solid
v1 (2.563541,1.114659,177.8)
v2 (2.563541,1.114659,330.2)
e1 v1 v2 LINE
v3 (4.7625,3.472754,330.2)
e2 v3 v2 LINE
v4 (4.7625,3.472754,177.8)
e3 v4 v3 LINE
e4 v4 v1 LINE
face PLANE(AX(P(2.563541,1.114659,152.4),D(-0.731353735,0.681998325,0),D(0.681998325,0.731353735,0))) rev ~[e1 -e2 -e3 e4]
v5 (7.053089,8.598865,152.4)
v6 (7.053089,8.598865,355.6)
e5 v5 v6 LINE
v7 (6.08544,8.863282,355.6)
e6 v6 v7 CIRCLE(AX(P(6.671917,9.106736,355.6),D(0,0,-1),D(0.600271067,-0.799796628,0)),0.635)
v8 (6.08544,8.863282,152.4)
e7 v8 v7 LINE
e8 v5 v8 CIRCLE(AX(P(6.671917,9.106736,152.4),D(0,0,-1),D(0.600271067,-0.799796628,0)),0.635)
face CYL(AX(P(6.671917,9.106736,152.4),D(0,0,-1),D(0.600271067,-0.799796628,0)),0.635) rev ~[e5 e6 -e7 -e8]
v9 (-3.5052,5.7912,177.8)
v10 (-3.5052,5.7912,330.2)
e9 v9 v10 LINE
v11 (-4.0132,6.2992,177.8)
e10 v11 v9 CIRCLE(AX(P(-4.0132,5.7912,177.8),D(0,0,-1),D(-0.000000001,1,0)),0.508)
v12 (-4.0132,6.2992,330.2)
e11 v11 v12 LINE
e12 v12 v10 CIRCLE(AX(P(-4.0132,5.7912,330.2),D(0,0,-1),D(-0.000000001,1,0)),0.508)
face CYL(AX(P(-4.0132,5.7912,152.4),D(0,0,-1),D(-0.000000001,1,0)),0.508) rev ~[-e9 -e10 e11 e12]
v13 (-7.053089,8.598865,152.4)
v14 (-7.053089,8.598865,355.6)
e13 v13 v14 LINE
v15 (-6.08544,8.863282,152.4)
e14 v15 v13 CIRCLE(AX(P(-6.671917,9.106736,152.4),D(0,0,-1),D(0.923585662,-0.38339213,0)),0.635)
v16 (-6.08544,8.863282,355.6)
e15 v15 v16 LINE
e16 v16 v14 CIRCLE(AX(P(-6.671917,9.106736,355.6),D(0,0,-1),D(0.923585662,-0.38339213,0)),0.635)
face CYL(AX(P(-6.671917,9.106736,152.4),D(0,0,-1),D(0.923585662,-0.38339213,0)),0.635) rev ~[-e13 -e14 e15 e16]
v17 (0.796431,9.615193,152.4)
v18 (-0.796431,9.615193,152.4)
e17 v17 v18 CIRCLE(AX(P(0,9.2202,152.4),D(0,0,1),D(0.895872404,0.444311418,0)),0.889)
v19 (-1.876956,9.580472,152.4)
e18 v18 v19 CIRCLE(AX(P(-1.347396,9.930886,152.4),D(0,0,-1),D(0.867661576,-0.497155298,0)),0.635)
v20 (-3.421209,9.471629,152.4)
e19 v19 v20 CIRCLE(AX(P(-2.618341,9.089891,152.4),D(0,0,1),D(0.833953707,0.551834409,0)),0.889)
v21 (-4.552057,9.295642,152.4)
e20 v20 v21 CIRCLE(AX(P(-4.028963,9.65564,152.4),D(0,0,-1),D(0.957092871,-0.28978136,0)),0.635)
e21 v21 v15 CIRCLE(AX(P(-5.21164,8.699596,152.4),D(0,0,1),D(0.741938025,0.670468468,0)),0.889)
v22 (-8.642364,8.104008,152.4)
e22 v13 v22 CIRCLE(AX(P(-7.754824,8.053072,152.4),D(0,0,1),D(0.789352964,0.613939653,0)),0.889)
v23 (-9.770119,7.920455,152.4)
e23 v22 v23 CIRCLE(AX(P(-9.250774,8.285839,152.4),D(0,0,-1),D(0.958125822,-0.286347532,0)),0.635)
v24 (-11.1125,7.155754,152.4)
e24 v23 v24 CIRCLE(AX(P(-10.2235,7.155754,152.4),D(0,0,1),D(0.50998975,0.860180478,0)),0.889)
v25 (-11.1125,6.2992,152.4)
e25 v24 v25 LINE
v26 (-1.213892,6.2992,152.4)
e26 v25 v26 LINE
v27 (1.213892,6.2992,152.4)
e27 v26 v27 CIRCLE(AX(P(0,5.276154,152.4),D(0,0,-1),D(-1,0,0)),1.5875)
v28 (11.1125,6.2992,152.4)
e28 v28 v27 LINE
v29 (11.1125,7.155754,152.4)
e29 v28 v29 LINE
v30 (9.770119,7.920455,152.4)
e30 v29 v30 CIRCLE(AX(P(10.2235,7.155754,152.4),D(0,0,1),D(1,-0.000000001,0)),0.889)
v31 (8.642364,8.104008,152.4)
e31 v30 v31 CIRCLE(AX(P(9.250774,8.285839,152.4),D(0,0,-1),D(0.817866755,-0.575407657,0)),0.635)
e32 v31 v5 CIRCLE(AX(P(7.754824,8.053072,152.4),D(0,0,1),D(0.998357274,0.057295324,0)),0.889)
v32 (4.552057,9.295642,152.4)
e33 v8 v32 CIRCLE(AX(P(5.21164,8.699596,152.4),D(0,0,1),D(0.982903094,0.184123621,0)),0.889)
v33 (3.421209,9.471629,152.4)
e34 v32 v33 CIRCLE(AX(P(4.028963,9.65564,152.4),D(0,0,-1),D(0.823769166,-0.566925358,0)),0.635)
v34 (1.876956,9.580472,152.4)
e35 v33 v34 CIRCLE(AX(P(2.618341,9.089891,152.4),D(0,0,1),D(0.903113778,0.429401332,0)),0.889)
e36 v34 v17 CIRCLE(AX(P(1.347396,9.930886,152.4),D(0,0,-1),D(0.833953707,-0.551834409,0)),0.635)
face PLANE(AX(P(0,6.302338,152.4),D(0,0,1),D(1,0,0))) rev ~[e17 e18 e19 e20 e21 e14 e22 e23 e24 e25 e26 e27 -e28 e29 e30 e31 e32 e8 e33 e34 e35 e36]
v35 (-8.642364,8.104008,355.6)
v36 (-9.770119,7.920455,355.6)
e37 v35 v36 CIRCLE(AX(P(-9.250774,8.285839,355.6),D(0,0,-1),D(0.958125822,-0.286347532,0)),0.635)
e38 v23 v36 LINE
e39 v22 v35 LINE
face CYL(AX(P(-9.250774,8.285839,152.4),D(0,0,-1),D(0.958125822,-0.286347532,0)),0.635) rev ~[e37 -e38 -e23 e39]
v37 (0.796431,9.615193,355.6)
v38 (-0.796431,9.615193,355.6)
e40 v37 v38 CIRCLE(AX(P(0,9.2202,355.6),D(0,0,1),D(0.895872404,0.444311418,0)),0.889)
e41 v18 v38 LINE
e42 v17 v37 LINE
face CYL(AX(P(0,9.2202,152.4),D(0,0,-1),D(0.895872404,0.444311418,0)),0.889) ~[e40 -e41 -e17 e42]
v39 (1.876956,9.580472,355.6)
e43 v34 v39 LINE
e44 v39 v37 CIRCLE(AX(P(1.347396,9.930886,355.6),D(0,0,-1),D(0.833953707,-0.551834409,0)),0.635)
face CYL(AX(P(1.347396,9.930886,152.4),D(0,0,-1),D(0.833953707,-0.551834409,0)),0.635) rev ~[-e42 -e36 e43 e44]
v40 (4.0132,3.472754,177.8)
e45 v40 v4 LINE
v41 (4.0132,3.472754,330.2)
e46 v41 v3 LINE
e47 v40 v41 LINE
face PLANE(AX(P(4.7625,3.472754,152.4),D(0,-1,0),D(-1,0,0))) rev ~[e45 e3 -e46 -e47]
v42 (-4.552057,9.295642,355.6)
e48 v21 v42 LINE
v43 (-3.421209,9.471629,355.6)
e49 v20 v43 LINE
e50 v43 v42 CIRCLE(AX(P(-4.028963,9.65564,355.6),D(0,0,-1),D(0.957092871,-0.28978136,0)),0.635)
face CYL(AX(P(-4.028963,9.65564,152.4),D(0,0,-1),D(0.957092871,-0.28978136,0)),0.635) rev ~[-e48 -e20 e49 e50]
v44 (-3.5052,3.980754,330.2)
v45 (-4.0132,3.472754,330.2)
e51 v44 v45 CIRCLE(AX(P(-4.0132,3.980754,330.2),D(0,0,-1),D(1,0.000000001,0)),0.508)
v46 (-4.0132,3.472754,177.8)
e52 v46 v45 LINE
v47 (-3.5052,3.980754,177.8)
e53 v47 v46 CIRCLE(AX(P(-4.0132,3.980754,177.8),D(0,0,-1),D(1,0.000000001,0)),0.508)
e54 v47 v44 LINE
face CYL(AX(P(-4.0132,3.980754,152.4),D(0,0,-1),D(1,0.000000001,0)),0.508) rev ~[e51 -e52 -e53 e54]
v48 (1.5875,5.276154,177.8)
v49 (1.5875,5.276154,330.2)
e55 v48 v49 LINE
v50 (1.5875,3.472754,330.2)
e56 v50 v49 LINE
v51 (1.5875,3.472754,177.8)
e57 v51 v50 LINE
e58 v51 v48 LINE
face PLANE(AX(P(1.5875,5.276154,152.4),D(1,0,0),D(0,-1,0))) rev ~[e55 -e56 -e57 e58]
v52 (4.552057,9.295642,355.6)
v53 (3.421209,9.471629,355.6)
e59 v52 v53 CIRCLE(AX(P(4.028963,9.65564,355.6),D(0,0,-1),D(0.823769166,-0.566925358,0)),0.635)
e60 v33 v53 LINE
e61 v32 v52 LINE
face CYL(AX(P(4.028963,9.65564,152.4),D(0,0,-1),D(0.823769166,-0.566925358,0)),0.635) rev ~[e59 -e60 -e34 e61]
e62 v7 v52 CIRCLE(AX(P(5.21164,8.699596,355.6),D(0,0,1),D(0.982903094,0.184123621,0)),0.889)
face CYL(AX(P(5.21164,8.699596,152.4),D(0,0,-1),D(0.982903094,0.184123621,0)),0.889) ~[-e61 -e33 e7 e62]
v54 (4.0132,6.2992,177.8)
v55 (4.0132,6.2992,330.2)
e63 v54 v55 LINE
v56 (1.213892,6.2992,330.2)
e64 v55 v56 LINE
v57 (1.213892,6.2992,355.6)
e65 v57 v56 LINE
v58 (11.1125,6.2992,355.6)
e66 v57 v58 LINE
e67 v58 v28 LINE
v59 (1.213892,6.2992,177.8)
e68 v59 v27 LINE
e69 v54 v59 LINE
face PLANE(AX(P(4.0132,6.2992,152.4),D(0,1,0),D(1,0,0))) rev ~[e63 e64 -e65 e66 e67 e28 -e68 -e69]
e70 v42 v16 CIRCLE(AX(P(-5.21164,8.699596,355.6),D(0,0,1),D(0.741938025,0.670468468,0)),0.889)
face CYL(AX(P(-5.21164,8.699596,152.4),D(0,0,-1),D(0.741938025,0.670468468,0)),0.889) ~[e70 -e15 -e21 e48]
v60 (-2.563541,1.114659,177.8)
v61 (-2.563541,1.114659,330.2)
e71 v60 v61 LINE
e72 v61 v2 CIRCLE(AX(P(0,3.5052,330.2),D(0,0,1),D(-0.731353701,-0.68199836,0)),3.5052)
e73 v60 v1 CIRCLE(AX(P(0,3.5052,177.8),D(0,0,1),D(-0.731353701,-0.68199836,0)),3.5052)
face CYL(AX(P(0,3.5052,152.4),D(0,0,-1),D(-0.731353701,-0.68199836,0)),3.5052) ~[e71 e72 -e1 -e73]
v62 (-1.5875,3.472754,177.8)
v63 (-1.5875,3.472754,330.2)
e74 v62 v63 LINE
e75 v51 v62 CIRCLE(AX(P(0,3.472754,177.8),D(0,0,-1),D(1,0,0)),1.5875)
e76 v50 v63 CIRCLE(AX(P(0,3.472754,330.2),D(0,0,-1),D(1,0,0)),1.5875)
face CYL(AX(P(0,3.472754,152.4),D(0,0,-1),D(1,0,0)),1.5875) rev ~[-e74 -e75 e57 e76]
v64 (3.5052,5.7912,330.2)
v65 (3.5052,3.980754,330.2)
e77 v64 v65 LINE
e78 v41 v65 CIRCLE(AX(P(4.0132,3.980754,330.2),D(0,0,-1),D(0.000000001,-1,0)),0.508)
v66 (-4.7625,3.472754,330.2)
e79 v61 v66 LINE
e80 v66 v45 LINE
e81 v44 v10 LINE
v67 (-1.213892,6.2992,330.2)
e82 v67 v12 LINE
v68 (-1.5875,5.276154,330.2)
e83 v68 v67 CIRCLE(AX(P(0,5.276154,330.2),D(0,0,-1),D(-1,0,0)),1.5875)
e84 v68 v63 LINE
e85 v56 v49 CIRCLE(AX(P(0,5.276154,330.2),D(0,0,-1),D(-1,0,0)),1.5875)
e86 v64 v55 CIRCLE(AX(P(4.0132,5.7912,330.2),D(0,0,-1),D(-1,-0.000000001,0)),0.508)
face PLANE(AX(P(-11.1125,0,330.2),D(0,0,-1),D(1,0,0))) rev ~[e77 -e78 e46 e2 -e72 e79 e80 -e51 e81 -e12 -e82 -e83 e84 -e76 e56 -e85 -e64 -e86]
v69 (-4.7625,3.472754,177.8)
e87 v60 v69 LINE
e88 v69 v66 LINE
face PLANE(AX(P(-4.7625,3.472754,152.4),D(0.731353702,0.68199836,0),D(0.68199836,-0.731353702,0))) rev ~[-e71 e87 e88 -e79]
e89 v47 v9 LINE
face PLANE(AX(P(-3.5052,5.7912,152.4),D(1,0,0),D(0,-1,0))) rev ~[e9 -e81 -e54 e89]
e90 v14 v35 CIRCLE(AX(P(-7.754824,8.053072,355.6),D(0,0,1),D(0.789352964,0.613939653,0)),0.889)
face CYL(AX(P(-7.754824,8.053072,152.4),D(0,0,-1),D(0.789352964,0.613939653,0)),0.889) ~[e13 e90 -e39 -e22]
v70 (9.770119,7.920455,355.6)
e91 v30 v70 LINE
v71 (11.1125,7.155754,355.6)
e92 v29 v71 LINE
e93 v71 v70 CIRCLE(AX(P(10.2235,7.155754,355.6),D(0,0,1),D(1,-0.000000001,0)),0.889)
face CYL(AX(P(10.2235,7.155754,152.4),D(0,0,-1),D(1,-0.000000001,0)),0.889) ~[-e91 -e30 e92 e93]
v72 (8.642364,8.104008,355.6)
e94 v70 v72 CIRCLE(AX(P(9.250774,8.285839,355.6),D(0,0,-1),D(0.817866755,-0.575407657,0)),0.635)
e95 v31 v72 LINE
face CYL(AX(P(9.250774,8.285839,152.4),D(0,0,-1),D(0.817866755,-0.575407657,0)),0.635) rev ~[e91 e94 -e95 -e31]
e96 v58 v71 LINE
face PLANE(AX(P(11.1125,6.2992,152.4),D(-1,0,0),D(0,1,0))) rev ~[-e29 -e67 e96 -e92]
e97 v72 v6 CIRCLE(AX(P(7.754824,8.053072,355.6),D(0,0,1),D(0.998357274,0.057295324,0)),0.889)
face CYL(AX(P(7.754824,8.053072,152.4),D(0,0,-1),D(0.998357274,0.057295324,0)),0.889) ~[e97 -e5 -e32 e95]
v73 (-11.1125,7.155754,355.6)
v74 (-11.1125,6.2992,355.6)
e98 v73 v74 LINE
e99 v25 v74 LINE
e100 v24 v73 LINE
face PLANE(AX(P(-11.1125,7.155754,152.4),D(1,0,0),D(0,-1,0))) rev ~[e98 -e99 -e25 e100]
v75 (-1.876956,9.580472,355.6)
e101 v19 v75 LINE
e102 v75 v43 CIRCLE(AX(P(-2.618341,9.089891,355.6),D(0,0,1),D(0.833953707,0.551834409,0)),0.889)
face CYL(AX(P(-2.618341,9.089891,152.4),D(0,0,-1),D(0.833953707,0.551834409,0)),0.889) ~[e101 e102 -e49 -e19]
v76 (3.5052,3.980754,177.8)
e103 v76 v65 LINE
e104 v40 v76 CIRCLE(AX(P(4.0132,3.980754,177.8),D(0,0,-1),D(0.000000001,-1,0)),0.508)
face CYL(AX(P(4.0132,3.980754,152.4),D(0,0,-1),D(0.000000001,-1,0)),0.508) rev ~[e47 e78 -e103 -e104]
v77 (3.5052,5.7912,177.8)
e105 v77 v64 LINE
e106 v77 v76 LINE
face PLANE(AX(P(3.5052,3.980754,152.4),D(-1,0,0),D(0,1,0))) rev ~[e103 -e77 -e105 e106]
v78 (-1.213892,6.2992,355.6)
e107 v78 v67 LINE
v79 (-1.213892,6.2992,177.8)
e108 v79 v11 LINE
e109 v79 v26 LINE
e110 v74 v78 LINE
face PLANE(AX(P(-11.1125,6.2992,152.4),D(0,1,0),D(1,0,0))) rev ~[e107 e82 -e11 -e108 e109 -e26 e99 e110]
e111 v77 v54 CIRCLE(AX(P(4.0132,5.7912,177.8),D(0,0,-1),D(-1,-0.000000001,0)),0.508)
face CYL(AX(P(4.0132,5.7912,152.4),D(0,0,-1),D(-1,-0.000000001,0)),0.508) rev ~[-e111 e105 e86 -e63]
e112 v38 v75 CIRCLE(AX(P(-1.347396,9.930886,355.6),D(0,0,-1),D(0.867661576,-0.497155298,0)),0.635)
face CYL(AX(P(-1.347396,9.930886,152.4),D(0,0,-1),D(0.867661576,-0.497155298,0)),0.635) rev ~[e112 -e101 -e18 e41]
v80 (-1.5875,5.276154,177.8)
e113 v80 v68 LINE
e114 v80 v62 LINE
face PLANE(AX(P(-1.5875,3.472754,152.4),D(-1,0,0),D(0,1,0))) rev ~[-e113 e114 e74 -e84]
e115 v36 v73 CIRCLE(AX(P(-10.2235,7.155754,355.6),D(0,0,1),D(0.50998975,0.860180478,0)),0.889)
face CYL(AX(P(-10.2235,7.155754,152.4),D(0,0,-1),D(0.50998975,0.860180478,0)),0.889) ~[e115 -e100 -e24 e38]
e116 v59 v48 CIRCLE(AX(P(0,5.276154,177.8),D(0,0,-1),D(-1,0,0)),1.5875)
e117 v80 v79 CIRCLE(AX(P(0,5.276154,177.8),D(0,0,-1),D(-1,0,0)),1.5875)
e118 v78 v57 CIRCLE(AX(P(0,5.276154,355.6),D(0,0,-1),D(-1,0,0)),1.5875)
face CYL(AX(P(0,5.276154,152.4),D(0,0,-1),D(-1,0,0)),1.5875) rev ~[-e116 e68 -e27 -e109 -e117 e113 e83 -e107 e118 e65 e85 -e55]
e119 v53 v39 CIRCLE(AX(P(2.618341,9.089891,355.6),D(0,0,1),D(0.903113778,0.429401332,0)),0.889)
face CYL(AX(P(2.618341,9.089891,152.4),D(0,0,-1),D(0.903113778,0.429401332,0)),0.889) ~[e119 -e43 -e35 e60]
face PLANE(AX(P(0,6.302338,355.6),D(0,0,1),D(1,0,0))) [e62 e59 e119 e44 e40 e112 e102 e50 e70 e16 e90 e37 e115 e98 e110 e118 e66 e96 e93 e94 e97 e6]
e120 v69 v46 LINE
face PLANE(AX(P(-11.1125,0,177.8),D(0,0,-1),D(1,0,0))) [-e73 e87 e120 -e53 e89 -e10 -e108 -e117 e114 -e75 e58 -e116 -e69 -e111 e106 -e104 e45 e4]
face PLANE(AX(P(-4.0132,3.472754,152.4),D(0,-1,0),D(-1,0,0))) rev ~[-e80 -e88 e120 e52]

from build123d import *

# Parameters (mm, degrees)
BOSS_EXTRUDE2_DEPTH = 203.2
CUT_EXTRUDE1_REACH  = 357.917
SKETCH2_W           = 22.225
SKETCH2_H           = 25.4


with BuildPart() as part:
    # Sketch1 → Boss-Extrude2 (new body)
    with BuildSketch(Plane.XY.offset(152.4)):
        with BuildLine():
            Line((-11.1125, 7.155754294), (-11.1125, 6.2992))
            Line((-11.1125, 6.2992), (-4.0132, 6.2992))
            ThreePointArc((-4.0132, 6.2992), (-3.653989755, 6.150410245), (-3.5052, 5.7912))
            Line((-3.5052, 5.7912), (-3.5052, 3.980754294))
            ThreePointArc((-3.5052, 3.980754294), (-3.653989755, 3.621544049), (-4.0132, 3.472754294))
            Line((-4.0132, 3.472754294), (-4.7625, 3.472754294))
            Line((-4.7625, 3.472754294), (-2.563540889, 1.114659348))
            ThreePointArc((-2.563540889, 1.114659348), (1.91e-07, 0), (2.563541217, 1.114659472))
            Line((2.563541217, 1.114659472), (4.7625, 3.472754294))
            Line((4.7625, 3.472754294), (4.0132, 3.472754294))
            ThreePointArc((4.0132, 3.472754294), (3.653989755, 3.621544049), (3.5052, 3.980754294))
            Line((3.5052, 3.980754294), (3.5052, 5.7912))
            ThreePointArc((3.5052, 5.7912), (3.653989755, 6.150410245), (4.0132, 6.2992))
            Line((4.0132, 6.2992), (11.1125, 6.2992))
            Line((11.1125, 6.2992), (11.1125, 7.155754292))
            ThreePointArc((11.1125, 7.155754292), (10.663537153, 7.928210313), (9.770119113, 7.920454737))
            ThreePointArc((9.770119113, 7.920454737), (9.148763616, 7.659085907), (8.642363834, 8.104007899))
            ThreePointArc((8.642363834, 8.104007899), (8.019118897, 8.901877), (7.05308944, 8.59886472))
            ThreePointArc((7.05308944, 8.59886472), (6.504535766, 8.494192995), (6.085440415, 8.863281588))
            ThreePointArc((6.085440415, 8.863281588), (5.452899276, 9.555232733), (4.552056662, 9.295642159))
            ThreePointArc((4.552056662, 9.295642159), (3.931317659, 9.028192281), (3.421209266, 9.471628606))
            ThreePointArc((3.421209266, 9.471628606), (2.68084511, 9.976690828), (1.876956272, 9.580471612))
            ThreePointArc((1.876956272, 9.580471612), (1.327001325, 9.29621405), (0.796430567, 9.615192851))
            ThreePointArc((0.796430567, 9.615192851), (-2e-09, 10.1092), (-0.796430568, 9.615192848))
            ThreePointArc((-0.796430568, 9.615192848), (-1.327001326, 9.29621405), (-1.876956272, 9.580471612))
            ThreePointArc((-1.876956272, 9.580471612), (-2.680845114, 9.976690828), (-3.421209269, 9.471628598))
            ThreePointArc((-3.421209269, 9.471628598), (-3.931317662, 9.028192282), (-4.552056659, 9.295642158))
            ThreePointArc((-4.552056659, 9.295642158), (-5.45289928, 9.555232733), (-6.085440418, 8.863281574))
            ThreePointArc((-6.085440418, 8.863281574), (-6.504535766, 8.494192992), (-7.053089431, 8.59886471))
            ThreePointArc((-7.053089431, 8.59886471), (-8.019118881, 8.901877006), (-8.642363831, 8.104007918))
            ThreePointArc((-8.642363831, 8.104007918), (-9.148763609, 7.659085911), (-9.770119113, 7.920454739))
            ThreePointArc((-9.770119113, 7.920454739), (-10.663537153, 7.928210315), (-11.1125, 7.155754294))
        make_face()
        with BuildLine():
            Line((-1.5875, 3.472754294), (-1.5875, 5.276154294))
            ThreePointArc((-1.5875, 5.276154294), (0, 6.863654294), (1.5875, 5.276154294))
            Line((1.5875, 5.276154294), (1.5875, 3.472754294))
            ThreePointArc((1.5875, 3.472754294), (0, 1.885254294), (-1.5875, 3.472754294))
        make_face(mode=Mode.SUBTRACT)
    extrude(amount=BOSS_EXTRUDE2_DEPTH)

    # Cut-Extrude1: up to this face of the body (flat: up to its plane)
    cut_extrude1_end = Plane(part.part.faces().sort_by_distance((7.56285, 6.2992, 254))[0])
    # Sketch2 → Cut-Extrude1 (cut, up to the picked face)
    with BuildSketch(Plane(origin=(0, 0, 0), x_dir=(1, 0, 0), z_dir=(0, 1, 0)), mode=Mode.PRIVATE) as cut_extrude1_sk1:
        with Locations((0, -165.1)):
            Rectangle(SKETCH2_W, SKETCH2_H)
    cut_extrude1_tool1 = split(extrude(cut_extrude1_sk1.sketch, amount=CUT_EXTRUDE1_REACH, mode=Mode.PRIVATE), bisect_by=cut_extrude1_end, keep=Keep.BOTH, mode=Mode.PRIVATE)
    # Sketch2 → Cut-Extrude1 (cut, up to the picked face)
    with BuildSketch(Plane(origin=(0, 0, 0), x_dir=(1, 0, 0), z_dir=(0, 1, 0)), mode=Mode.PRIVATE) as cut_extrude1_sk2:
        with Locations((0, -342.9)):
            Rectangle(SKETCH2_W, SKETCH2_H)
    cut_extrude1_tool2 = split(extrude(cut_extrude1_sk2.sketch, amount=CUT_EXTRUDE1_REACH, mode=Mode.PRIVATE), bisect_by=cut_extrude1_end, keep=Keep.BOTH, mode=Mode.PRIVATE)
    add(cut_extrude1_tool1.solids().sort_by(Axis((0, 0, 165.1), (0, 1, 0)))[0], mode=Mode.SUBTRACT)
    add(cut_extrude1_tool2.solids().sort_by(Axis((0, 0, 342.9), (0, 1, 0)))[0], mode=Mode.SUBTRACT)


solid = part.part
